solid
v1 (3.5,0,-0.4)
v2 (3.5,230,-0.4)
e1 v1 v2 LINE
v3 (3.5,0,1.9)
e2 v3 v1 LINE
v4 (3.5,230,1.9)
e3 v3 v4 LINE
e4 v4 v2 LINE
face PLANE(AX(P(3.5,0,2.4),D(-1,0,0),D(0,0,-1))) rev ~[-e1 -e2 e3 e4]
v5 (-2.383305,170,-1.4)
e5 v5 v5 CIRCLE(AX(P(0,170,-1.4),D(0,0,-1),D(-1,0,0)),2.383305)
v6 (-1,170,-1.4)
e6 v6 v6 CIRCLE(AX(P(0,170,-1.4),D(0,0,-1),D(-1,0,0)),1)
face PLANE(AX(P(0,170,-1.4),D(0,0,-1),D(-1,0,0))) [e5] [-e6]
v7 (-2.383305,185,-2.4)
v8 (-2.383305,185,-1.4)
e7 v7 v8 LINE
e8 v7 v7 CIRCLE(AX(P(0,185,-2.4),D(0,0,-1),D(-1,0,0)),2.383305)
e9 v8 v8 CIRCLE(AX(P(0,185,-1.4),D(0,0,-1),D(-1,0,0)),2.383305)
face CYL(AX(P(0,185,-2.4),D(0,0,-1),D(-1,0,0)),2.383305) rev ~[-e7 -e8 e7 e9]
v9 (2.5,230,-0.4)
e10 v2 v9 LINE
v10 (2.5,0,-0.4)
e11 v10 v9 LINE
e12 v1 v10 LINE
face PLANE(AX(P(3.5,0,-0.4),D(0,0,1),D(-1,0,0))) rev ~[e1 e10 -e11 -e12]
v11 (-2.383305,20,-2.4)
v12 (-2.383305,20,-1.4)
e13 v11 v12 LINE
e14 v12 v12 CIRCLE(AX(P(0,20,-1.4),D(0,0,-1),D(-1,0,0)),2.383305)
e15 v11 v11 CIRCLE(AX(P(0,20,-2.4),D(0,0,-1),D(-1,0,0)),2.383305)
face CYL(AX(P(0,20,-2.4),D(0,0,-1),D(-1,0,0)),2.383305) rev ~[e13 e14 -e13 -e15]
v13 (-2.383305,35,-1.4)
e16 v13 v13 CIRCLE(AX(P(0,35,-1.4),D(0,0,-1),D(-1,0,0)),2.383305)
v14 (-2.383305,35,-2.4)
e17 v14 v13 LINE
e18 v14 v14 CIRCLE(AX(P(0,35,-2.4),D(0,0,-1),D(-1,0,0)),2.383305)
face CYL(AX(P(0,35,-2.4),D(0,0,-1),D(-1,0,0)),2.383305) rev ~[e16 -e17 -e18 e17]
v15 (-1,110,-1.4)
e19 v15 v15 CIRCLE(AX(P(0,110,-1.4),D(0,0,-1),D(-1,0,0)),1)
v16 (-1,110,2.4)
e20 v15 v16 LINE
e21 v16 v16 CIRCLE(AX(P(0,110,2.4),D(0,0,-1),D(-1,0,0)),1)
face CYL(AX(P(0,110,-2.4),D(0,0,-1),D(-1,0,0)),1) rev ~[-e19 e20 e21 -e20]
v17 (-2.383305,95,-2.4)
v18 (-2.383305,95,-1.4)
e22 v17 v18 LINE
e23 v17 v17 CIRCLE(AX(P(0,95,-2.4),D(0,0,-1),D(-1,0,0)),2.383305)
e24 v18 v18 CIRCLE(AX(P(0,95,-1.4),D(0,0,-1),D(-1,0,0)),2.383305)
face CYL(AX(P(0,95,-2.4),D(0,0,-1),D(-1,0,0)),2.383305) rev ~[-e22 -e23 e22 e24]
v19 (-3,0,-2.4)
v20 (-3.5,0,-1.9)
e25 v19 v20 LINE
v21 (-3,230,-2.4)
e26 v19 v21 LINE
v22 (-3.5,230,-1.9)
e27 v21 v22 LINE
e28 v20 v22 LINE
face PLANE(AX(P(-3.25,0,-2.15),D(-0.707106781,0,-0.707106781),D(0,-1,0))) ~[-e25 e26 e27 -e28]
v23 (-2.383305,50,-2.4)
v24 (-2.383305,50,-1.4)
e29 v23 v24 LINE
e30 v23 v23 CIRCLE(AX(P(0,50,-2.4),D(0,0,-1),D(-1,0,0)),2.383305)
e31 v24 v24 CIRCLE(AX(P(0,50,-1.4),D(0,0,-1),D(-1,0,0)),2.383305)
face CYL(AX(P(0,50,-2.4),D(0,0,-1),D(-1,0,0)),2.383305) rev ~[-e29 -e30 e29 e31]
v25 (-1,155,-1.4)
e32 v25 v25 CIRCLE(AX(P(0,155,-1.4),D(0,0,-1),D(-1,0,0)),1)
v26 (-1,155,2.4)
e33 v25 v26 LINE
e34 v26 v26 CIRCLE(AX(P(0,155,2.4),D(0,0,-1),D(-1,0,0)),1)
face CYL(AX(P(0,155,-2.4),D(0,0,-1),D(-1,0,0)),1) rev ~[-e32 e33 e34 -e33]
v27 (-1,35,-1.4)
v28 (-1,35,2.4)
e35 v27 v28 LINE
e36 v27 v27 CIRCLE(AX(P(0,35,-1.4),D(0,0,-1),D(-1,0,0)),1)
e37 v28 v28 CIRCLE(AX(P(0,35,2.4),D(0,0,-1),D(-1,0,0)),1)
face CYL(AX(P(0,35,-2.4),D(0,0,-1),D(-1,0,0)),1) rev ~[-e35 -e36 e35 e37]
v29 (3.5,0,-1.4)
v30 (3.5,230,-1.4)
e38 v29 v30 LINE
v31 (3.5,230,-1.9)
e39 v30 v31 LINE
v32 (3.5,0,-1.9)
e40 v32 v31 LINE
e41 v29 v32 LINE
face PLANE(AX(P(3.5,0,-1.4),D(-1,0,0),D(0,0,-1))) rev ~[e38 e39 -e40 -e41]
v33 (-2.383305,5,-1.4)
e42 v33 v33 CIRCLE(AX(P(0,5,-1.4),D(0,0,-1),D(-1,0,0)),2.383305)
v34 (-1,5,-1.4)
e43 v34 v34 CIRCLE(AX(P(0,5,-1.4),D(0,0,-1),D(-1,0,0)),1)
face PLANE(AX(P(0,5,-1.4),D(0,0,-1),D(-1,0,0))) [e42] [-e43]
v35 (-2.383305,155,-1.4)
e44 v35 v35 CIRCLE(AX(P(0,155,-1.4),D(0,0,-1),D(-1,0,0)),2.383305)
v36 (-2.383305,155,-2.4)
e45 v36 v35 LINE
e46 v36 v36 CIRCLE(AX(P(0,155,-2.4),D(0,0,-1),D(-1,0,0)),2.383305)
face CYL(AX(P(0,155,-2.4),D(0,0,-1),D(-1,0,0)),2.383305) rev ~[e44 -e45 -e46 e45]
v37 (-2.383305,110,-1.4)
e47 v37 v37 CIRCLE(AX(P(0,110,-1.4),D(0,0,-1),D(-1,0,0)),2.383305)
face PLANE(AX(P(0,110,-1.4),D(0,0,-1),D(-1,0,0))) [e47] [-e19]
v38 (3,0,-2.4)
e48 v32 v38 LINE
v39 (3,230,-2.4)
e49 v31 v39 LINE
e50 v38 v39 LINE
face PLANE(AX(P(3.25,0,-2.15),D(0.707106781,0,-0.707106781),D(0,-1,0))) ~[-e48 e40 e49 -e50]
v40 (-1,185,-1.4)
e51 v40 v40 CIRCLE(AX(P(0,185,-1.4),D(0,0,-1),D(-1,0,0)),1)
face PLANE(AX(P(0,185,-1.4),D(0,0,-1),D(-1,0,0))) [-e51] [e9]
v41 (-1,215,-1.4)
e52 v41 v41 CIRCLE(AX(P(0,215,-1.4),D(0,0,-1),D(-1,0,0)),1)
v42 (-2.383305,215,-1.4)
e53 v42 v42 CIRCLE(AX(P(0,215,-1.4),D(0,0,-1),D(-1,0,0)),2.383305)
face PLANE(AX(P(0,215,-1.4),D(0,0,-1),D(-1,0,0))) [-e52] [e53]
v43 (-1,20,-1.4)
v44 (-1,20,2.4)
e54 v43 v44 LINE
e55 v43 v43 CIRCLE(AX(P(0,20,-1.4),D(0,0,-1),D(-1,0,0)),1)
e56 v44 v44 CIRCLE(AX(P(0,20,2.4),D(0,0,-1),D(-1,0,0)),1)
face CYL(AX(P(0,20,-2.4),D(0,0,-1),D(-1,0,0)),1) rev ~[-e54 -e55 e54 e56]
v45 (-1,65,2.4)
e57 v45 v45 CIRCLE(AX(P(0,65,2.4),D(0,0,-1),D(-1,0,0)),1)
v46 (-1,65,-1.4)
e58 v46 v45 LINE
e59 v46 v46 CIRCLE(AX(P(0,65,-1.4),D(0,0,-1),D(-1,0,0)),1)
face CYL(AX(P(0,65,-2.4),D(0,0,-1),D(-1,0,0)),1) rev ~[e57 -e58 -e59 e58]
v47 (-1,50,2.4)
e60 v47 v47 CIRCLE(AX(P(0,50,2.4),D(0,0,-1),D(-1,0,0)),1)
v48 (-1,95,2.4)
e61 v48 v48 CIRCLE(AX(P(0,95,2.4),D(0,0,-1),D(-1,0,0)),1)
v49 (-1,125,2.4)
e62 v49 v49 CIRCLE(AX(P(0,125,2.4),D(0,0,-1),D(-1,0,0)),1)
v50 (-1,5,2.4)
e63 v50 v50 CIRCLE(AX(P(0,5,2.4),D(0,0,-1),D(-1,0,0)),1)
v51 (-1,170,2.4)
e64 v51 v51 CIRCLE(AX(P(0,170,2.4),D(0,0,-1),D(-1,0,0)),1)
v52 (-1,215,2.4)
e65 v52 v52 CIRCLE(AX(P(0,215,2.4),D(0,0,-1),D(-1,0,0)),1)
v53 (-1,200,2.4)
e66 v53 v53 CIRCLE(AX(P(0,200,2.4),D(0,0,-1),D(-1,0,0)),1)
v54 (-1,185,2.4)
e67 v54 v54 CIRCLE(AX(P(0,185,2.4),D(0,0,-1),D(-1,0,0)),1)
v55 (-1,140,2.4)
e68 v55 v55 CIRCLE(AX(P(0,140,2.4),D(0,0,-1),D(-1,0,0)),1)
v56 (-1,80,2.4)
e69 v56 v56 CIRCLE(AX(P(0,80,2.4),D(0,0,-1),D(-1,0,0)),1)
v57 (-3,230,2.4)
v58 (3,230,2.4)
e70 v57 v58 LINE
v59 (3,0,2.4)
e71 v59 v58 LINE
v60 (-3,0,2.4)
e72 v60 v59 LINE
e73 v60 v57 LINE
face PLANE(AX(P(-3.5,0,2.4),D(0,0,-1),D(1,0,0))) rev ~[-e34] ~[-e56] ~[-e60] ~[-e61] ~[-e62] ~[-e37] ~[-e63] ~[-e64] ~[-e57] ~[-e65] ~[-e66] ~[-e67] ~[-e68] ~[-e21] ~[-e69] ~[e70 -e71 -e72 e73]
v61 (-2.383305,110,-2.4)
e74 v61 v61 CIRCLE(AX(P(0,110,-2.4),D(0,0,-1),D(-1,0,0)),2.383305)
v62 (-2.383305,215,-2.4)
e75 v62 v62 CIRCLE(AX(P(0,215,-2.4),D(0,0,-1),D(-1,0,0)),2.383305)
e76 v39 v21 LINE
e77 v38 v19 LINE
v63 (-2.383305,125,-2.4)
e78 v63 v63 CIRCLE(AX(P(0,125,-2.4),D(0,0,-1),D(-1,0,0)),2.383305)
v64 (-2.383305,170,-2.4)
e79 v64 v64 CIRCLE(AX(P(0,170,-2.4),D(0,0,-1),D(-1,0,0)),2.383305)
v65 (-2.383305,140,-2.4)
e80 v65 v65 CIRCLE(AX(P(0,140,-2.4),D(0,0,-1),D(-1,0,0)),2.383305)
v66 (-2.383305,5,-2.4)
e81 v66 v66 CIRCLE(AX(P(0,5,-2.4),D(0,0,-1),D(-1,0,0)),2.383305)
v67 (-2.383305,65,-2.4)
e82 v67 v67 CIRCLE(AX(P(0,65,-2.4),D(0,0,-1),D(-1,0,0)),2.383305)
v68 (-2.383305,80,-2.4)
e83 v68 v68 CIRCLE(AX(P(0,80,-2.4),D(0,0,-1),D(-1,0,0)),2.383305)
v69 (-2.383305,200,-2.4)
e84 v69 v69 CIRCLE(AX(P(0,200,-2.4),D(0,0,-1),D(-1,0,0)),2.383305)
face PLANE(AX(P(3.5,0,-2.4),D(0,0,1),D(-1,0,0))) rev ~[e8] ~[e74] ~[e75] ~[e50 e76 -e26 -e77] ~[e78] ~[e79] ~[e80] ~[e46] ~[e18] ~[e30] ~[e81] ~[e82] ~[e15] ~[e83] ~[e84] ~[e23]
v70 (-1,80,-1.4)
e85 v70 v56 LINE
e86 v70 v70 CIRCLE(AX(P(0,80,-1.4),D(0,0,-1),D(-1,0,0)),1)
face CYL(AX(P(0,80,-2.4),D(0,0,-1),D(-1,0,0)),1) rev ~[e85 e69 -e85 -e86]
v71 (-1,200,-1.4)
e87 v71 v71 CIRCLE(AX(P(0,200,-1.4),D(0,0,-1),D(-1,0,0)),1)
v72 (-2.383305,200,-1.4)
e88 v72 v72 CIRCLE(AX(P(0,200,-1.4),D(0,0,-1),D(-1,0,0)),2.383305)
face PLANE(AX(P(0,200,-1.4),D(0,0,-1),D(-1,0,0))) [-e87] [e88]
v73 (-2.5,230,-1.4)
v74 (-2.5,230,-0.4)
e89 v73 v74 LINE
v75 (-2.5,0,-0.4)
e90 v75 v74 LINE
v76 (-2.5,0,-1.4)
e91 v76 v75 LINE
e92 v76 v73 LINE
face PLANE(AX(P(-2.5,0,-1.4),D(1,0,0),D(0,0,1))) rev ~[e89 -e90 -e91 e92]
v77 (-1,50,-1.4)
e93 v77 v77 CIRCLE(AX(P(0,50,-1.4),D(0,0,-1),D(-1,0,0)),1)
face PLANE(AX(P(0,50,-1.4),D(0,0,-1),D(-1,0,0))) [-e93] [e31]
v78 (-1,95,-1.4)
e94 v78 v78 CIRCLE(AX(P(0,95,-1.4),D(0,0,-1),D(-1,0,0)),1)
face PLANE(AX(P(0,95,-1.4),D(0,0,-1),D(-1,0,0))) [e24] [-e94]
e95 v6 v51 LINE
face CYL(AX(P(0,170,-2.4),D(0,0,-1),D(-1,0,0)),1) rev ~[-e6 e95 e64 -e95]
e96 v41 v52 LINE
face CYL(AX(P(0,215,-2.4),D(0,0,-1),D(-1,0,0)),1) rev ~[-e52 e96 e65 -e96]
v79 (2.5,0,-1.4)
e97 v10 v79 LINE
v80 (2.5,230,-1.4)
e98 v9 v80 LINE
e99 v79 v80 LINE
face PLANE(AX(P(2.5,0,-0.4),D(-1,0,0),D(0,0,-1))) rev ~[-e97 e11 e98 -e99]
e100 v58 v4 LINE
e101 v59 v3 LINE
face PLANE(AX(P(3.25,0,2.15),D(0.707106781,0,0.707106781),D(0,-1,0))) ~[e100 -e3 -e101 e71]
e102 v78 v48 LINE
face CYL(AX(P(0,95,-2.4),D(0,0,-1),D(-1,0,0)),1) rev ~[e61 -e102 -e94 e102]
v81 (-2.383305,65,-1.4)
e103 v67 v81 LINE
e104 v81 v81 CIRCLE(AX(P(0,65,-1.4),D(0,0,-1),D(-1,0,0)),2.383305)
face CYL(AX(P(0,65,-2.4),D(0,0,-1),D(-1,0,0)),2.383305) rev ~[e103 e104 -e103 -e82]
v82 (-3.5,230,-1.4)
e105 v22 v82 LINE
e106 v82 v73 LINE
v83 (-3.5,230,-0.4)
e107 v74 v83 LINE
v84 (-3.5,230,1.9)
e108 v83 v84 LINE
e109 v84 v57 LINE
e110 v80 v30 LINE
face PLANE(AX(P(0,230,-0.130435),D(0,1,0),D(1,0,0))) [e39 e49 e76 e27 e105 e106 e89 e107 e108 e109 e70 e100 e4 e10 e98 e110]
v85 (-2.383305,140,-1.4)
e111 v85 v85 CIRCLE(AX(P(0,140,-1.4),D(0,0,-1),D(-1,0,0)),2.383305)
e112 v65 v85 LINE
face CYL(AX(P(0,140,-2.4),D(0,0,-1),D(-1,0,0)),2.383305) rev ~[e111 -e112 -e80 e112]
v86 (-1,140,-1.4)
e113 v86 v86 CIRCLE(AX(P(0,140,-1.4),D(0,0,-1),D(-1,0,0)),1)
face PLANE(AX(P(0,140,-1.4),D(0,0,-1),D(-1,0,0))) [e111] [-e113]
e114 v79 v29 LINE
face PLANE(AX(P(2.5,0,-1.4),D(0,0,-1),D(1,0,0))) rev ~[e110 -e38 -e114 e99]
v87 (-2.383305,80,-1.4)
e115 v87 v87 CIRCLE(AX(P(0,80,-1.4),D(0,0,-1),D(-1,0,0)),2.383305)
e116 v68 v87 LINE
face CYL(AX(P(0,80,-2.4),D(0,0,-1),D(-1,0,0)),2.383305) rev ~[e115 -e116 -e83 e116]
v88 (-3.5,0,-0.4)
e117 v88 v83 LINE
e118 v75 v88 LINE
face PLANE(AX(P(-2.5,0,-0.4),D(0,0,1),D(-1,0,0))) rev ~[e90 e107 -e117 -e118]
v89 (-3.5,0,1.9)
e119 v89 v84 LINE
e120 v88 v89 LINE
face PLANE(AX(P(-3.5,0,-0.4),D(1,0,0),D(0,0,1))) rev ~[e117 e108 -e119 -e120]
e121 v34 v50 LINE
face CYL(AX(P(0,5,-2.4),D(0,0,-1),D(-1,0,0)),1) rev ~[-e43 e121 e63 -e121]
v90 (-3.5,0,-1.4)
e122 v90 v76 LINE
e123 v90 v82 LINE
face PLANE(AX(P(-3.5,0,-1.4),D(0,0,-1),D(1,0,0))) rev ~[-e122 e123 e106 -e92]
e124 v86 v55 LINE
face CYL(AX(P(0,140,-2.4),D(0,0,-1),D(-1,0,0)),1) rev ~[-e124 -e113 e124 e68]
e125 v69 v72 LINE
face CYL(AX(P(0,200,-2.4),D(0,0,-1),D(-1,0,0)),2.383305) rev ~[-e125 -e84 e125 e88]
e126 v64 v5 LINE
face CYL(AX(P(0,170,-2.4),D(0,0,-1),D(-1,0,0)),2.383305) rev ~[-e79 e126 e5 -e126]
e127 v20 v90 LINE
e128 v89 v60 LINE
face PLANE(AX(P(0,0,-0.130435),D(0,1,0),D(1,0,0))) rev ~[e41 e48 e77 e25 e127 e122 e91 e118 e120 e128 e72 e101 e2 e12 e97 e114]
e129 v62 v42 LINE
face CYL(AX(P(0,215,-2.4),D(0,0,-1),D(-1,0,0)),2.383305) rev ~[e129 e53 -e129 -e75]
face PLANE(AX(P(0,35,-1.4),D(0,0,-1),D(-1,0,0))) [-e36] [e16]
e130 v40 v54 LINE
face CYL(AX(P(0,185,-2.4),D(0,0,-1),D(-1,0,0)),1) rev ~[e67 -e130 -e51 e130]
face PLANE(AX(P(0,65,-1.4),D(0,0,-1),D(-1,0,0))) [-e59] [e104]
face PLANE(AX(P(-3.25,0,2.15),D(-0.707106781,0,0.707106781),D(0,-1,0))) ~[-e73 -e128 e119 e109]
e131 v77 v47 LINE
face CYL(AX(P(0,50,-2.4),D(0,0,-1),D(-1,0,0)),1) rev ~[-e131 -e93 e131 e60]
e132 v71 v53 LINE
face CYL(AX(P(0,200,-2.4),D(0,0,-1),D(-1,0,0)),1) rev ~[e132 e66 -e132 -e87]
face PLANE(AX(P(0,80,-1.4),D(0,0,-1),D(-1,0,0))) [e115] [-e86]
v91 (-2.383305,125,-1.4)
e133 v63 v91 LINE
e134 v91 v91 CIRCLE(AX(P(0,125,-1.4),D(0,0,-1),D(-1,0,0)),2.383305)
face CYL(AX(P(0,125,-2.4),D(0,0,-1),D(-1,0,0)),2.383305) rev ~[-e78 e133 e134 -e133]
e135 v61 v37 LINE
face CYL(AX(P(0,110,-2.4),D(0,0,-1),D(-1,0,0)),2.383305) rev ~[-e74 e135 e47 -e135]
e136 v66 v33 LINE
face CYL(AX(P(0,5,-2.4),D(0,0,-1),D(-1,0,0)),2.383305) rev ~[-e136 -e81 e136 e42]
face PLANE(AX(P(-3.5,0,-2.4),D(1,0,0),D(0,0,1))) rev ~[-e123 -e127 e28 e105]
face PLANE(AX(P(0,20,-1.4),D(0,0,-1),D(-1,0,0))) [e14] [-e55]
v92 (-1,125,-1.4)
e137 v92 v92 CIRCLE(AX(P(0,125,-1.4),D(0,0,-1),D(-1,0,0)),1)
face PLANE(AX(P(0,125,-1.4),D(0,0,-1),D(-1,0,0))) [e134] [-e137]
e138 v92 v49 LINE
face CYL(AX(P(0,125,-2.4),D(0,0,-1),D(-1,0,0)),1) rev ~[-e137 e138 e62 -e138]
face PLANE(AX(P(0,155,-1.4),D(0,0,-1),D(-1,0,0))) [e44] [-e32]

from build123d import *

# Parameters (mm, degrees)
EXTRUDE_1_DEPTH     = 230
SKETCH_2_R          = 1
CUT_EXTRUDE_1_DEPTH = 10
CHAMFER_1_SIZE      = 0.5
SKETCH_3_R          = 2.383304988
CUT_EXTRUDE_2_DEPTH = 1


with BuildPart() as part:
    # 草图1 → 凸台-拉伸1 (new body)
    with BuildSketch(Plane(origin=(0, 0, 0), x_dir=(1, 0, 0), z_dir=(0, 1, 0))):
        Polygon((-3.5, 0.4), (-3.5, -2.4), (3.5, -2.4), (3.5, 0.4), (2.5, 0.4), (2.5, 1.4), (3.5, 1.4), (3.5, 2.4), (-3.5, 2.4), (-3.5, 1.4), (-2.5, 1.4), (-2.5, 0.4), align=None)
    extrude(amount=EXTRUDE_1_DEPTH)

    # 草图2 → 切除-拉伸1 (cut)
    with BuildSketch(Plane(origin=(0, 0, -2.4), x_dir=(-1, 0, 0), z_dir=(0, 0, -1))):
        with Locations((0, 5)):
            Circle(SKETCH_2_R)
        with Locations((0, 20)):
            Circle(SKETCH_2_R)
        with Locations((0, 35)):
            Circle(SKETCH_2_R)
        with Locations((0, 50)):
            Circle(SKETCH_2_R)
        with Locations((0, 65)):
            Circle(SKETCH_2_R)
        with Locations((0, 80)):
            Circle(SKETCH_2_R)
        with Locations((0, 95)):
            Circle(SKETCH_2_R)
        with Locations((0, 110)):
            Circle(SKETCH_2_R)
        with Locations((0, 125)):
            Circle(SKETCH_2_R)
        with Locations((0, 140)):
            Circle(SKETCH_2_R)
        with Locations((0, 155)):
            Circle(SKETCH_2_R)
        with Locations((0, 170)):
            Circle(SKETCH_2_R)
        with Locations((0, 185)):
            Circle(SKETCH_2_R)
        with Locations((0, 200)):
            Circle(SKETCH_2_R)
        with Locations((0, 215)):
            Circle(SKETCH_2_R)
    extrude(amount=-CUT_EXTRUDE_1_DEPTH, mode=Mode.SUBTRACT)

    # 倒角1
    chamfer_1_edges = [part.edges().sort_by_distance(p)[0] for p in [
        (-3.5, 115, -2.4),
        (3.5, 115, -2.4),
        (3.5, 115, 2.4),
        (-3.5, 115, 2.4),
    ]]
    chamfer(chamfer_1_edges, length=CHAMFER_1_SIZE)

    # 草图3 → 切除-拉伸2 (cut)
    with BuildSketch(Plane(origin=(0, 0, -2.4), x_dir=(-1, 0, 0), z_dir=(0, 0, -1))):
        with Locations((0, 5)):
            Circle(SKETCH_3_R)
        with Locations((0, 20)):
            Circle(SKETCH_3_R)
        with Locations((0, 35)):
            Circle(SKETCH_3_R)
        with Locations((0, 50)):
            Circle(SKETCH_3_R)
        with Locations((0, 65)):
            Circle(SKETCH_3_R)
        with Locations((0, 80)):
            Circle(SKETCH_3_R)
        with Locations((0, 95)):
            Circle(SKETCH_3_R)
        with Locations((0, 110)):
            Circle(SKETCH_3_R)
        with Locations((0, 125)):
            Circle(SKETCH_3_R)
        with Locations((0, 140)):
            Circle(SKETCH_3_R)
        with Locations((0, 155)):
            Circle(SKETCH_3_R)
        with Locations((0, 170)):
            Circle(SKETCH_3_R)
        with Locations((0, 185)):
            Circle(SKETCH_3_R)
        with Locations((0, 200)):
            Circle(SKETCH_3_R)
        with Locations((0, 215)):
            Circle(SKETCH_3_R)
    extrude(amount=-CUT_EXTRUDE_2_DEPTH, mode=Mode.SUBTRACT)


solid = part.part
